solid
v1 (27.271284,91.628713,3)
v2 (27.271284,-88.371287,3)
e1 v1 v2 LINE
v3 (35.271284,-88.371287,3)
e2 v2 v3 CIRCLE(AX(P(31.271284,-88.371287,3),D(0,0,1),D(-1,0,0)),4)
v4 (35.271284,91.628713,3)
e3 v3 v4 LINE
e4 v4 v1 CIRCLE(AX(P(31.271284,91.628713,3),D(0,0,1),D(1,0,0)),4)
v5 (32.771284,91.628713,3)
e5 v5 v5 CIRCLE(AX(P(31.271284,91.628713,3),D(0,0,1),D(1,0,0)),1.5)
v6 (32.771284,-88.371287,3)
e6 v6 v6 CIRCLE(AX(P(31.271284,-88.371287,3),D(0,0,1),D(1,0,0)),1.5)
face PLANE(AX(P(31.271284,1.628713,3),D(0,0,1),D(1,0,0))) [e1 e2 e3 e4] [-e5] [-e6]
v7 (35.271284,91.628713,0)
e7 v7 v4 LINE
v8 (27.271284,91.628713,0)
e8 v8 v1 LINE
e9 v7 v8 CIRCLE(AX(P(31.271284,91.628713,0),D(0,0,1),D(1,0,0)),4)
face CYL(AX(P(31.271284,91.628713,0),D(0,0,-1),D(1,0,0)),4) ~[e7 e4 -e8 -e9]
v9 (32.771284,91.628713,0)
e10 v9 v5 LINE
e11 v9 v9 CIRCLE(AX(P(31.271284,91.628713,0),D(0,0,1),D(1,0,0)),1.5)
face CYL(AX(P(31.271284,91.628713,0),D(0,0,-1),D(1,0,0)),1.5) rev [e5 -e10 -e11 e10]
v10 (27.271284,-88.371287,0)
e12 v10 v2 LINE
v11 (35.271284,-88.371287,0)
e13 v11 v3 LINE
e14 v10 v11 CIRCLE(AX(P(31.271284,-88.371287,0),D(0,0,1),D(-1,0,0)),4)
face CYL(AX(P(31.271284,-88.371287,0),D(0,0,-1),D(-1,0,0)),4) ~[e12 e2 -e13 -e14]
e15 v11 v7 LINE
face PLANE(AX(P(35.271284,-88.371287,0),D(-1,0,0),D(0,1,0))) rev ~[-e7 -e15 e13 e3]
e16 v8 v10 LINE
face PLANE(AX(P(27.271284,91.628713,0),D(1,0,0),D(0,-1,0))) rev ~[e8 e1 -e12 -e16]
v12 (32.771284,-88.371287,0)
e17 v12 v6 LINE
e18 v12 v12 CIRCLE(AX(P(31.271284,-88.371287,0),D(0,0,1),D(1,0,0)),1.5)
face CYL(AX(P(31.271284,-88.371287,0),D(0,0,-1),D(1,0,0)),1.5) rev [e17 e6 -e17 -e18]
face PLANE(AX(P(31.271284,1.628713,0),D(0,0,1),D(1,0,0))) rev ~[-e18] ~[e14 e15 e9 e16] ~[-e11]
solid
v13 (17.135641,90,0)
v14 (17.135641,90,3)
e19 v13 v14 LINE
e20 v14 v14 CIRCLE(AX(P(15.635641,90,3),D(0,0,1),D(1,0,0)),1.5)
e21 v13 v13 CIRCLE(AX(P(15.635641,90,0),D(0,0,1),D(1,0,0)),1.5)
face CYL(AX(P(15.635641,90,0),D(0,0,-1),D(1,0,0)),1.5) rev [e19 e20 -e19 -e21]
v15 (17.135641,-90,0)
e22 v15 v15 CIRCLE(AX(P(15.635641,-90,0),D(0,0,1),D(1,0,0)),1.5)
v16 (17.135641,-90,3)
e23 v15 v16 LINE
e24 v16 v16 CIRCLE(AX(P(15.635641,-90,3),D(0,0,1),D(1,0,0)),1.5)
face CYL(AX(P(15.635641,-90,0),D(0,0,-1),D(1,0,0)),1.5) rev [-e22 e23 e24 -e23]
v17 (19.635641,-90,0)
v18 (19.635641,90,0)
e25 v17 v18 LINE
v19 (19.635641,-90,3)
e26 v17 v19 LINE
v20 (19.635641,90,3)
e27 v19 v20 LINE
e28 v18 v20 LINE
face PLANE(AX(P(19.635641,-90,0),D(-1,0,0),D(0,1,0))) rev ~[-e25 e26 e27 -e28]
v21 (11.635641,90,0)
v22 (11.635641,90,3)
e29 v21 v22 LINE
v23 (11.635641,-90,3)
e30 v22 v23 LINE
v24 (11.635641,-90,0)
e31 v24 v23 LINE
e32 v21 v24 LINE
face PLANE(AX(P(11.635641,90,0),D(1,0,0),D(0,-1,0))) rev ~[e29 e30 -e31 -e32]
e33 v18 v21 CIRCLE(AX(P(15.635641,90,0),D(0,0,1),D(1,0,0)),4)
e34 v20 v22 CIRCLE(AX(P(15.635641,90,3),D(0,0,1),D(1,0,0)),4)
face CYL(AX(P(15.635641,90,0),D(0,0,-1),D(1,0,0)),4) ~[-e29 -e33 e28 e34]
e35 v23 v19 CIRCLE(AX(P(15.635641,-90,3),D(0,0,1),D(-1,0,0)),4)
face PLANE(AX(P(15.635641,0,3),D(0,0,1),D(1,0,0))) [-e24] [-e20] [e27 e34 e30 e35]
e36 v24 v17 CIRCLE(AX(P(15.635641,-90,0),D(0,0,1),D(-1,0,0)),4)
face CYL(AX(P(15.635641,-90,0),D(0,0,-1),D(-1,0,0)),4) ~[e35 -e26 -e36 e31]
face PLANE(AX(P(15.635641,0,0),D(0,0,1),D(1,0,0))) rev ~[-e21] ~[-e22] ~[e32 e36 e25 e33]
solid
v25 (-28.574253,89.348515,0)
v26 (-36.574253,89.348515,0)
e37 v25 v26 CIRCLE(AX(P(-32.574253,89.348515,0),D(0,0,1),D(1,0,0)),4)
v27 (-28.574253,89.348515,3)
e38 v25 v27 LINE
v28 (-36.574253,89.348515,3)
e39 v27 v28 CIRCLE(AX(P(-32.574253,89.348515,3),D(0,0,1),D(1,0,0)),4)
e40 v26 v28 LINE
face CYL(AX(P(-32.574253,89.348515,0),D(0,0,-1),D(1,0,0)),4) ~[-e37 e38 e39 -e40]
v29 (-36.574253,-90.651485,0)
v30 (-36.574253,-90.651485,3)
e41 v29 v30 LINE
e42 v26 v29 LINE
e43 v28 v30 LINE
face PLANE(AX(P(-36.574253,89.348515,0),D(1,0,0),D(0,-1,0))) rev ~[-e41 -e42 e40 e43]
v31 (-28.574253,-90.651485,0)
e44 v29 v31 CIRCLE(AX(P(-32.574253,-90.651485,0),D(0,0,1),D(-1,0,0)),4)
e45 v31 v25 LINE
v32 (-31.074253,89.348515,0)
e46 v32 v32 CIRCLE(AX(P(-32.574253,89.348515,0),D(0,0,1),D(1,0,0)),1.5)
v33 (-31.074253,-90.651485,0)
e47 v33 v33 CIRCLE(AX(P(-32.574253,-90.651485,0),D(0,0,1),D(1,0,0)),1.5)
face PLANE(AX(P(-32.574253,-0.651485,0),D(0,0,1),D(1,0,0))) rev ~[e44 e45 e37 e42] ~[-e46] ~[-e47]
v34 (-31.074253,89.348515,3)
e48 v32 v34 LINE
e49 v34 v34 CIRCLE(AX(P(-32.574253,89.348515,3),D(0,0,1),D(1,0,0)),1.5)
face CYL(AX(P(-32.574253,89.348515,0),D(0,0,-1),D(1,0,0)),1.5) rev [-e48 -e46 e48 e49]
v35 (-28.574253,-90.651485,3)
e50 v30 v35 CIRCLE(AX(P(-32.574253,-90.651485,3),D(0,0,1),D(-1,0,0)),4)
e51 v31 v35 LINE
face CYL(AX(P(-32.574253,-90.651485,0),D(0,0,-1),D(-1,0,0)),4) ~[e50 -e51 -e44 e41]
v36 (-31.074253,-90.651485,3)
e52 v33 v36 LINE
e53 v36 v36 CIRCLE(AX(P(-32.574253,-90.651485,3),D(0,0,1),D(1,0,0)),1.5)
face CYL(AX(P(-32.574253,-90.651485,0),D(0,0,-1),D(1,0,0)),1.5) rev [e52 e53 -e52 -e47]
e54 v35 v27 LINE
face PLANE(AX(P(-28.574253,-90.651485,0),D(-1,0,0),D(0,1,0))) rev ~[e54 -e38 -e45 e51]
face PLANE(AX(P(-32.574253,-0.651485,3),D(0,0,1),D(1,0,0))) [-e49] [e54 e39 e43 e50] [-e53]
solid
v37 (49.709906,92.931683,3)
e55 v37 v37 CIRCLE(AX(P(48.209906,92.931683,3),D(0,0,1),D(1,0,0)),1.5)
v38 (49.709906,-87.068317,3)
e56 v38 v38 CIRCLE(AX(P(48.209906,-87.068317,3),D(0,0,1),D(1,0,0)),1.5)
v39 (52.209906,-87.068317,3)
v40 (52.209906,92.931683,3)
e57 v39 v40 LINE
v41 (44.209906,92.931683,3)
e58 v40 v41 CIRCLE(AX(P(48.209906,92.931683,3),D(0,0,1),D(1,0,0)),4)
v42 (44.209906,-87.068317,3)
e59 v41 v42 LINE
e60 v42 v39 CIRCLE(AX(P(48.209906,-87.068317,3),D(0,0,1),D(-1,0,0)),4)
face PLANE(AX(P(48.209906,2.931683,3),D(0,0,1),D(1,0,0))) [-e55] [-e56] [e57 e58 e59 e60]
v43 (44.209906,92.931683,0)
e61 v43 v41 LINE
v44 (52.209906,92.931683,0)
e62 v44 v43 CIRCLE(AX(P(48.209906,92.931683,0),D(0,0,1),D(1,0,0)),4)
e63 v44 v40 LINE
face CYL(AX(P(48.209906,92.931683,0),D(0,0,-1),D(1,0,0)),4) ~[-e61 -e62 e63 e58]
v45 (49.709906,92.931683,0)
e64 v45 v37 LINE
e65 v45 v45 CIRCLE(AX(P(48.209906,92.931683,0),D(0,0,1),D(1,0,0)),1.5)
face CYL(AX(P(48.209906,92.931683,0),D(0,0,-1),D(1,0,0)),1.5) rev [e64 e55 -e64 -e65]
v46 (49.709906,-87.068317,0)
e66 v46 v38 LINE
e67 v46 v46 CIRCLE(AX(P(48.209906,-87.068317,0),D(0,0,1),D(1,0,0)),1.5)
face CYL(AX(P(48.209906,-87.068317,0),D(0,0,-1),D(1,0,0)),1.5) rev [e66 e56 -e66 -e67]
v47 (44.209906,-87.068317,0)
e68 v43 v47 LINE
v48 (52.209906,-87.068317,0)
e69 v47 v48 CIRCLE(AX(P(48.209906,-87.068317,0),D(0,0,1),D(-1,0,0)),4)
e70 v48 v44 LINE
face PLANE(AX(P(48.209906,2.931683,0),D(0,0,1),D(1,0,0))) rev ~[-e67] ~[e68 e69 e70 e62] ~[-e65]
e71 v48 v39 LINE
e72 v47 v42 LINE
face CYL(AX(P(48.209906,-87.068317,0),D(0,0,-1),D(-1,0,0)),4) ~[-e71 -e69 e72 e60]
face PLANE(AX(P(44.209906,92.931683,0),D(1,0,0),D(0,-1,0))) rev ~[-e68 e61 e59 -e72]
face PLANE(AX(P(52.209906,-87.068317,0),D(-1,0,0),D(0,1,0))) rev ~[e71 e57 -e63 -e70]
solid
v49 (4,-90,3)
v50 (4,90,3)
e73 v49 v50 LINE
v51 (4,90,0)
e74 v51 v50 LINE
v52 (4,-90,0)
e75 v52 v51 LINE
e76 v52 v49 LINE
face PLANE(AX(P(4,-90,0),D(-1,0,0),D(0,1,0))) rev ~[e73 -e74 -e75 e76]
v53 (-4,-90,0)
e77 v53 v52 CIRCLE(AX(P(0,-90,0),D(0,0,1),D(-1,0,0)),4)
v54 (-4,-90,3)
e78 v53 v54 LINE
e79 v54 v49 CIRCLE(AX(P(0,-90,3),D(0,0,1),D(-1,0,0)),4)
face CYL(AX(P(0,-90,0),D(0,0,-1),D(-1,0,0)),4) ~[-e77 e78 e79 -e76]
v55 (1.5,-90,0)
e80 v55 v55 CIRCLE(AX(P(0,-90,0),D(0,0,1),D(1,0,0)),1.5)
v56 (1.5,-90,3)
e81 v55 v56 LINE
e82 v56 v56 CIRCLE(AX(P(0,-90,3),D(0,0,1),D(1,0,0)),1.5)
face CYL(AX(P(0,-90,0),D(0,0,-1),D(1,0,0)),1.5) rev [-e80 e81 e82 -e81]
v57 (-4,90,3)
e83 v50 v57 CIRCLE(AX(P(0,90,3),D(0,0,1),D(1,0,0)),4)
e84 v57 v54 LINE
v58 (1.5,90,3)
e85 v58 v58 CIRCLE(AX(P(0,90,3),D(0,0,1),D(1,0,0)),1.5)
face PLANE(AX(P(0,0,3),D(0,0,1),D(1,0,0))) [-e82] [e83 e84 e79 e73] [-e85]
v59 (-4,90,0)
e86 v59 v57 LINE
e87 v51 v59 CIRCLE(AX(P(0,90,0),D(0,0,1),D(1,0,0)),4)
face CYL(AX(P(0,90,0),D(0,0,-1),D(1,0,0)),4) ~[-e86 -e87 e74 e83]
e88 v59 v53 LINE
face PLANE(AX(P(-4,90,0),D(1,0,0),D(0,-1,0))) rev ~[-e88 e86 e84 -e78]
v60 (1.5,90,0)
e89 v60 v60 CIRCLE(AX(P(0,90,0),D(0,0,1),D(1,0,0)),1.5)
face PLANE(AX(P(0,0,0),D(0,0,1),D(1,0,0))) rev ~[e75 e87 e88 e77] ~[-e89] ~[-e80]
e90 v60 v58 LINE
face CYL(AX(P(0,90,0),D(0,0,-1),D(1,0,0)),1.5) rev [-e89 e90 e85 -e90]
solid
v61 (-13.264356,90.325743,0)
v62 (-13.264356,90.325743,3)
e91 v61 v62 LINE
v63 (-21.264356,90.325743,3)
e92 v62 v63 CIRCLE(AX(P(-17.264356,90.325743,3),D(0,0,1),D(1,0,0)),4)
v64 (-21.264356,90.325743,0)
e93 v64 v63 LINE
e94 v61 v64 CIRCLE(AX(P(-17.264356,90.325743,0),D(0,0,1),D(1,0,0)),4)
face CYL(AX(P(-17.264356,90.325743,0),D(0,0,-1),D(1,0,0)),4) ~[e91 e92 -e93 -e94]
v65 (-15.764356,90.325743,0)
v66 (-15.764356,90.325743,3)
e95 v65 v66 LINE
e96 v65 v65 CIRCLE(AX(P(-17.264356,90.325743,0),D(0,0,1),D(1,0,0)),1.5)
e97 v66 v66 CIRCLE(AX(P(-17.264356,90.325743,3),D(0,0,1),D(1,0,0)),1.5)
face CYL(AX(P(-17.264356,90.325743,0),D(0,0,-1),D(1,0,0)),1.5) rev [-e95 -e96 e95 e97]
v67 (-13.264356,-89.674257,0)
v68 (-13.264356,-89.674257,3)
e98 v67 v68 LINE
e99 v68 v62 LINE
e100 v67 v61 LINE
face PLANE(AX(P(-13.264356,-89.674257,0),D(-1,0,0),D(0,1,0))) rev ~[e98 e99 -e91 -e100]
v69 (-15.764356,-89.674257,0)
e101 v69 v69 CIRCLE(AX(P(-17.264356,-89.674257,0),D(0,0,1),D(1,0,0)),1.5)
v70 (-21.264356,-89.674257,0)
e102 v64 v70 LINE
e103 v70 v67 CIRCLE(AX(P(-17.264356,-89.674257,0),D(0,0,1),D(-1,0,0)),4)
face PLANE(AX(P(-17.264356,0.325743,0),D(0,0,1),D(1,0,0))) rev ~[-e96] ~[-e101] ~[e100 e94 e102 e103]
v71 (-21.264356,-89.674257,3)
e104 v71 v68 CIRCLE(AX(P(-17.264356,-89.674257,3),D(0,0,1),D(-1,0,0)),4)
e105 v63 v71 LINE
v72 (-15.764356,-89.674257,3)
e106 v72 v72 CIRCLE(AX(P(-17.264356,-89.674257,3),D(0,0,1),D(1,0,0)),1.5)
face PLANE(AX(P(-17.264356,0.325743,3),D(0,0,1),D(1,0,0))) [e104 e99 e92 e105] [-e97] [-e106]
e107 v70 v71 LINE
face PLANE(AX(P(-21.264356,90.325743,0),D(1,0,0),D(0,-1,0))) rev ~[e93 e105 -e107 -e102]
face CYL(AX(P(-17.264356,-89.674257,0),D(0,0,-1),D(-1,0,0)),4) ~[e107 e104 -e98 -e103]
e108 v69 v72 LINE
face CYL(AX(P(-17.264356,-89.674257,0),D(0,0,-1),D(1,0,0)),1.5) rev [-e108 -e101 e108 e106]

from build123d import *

# Parameters (mm, degrees)
F0_R     = 1.5
F1_DEPTH = 3


with BuildPart() as f1:
    # F0 (on Top) → F1 (new body)
    with BuildSketch(Plane.XY):
        with BuildLine():
            Line((-28.574253, -90.651485), (-28.574253, 89.348515))
            ThreePointArc((-28.574253, 89.348515), (-32.574253, 93.348515), (-36.574253, 89.348515))
            Line((-36.574253, 89.348515), (-36.574253, -90.651485))
            ThreePointArc((-36.574253, -90.651485), (-32.574253, -94.651485), (-28.574253, -90.651485))
        make_face()
        with Locations((-32.574253, -90.651485)):
            Circle(F0_R, mode=Mode.SUBTRACT)
        with Locations((-32.574253, 89.348515)):
            Circle(F0_R, mode=Mode.SUBTRACT)
        with BuildLine():
            Line((-13.264356, -89.674257), (-13.264356, 90.325743))
            ThreePointArc((-13.264356, 90.325743), (-17.264356, 94.325743), (-21.264356, 90.325743))
            Line((-21.264356, 90.325743), (-21.264356, -89.674257))
            ThreePointArc((-21.264356, -89.674257), (-17.264356, -93.674257), (-13.264356, -89.674257))
        make_face()
        with Locations((-17.264356, -89.674257)):
            Circle(F0_R, mode=Mode.SUBTRACT)
        with Locations((-17.264356, 90.325743)):
            Circle(F0_R, mode=Mode.SUBTRACT)
        with BuildLine():
            Line((4, -90), (4, 90))
            ThreePointArc((4, 90), (0, 94), (-4, 90))
            Line((-4, 90), (-4, -90))
            ThreePointArc((-4, -90), (0, -94), (4, -90))
        make_face()
        with Locations((0, -90)):
            Circle(F0_R, mode=Mode.SUBTRACT)
        with Locations((0, 90)):
            Circle(F0_R, mode=Mode.SUBTRACT)
        with BuildLine():
            Line((19.635641, -90), (19.635641, 90))
            ThreePointArc((19.635641, 90), (15.635641, 94), (11.635641, 90))
            Line((11.635641, 90), (11.635641, -90))
            ThreePointArc((11.635641, -90), (15.635641, -94), (19.635641, -90))
        make_face()
        with Locations((15.635641, -90)):
            Circle(F0_R, mode=Mode.SUBTRACT)
        with Locations((15.635641, 90)):
            Circle(F0_R, mode=Mode.SUBTRACT)
        with BuildLine():
            Line((35.271284, -88.371287), (35.271284, 91.628713))
            ThreePointArc((35.271284, 91.628713), (31.271284, 95.628713), (27.271284, 91.628713))
            Line((27.271284, 91.628713), (27.271284, -88.371287))
            ThreePointArc((27.271284, -88.371287), (31.271284, -92.371287), (35.271284, -88.371287))
        make_face()
        with Locations((31.271284, -88.371287)):
            Circle(F0_R, mode=Mode.SUBTRACT)
        with Locations((31.271284, 91.628713)):
            Circle(F0_R, mode=Mode.SUBTRACT)
        with BuildLine():
            Line((52.209906, -87.068317), (52.209906, 92.931683))
            ThreePointArc((52.209906, 92.931683), (48.209906, 96.931683), (44.209906, 92.931683))
            Line((44.209906, 92.931683), (44.209906, -87.068317))
            ThreePointArc((44.209906, -87.068317), (48.209906, -91.068317), (52.209906, -87.068317))
        make_face()
        with Locations((48.209906, -87.068317)):
            Circle(F0_R, mode=Mode.SUBTRACT)
        with Locations((48.209906, 92.931683)):
            Circle(F0_R, mode=Mode.SUBTRACT)
    extrude(amount=F1_DEPTH)


solid = f1.part
